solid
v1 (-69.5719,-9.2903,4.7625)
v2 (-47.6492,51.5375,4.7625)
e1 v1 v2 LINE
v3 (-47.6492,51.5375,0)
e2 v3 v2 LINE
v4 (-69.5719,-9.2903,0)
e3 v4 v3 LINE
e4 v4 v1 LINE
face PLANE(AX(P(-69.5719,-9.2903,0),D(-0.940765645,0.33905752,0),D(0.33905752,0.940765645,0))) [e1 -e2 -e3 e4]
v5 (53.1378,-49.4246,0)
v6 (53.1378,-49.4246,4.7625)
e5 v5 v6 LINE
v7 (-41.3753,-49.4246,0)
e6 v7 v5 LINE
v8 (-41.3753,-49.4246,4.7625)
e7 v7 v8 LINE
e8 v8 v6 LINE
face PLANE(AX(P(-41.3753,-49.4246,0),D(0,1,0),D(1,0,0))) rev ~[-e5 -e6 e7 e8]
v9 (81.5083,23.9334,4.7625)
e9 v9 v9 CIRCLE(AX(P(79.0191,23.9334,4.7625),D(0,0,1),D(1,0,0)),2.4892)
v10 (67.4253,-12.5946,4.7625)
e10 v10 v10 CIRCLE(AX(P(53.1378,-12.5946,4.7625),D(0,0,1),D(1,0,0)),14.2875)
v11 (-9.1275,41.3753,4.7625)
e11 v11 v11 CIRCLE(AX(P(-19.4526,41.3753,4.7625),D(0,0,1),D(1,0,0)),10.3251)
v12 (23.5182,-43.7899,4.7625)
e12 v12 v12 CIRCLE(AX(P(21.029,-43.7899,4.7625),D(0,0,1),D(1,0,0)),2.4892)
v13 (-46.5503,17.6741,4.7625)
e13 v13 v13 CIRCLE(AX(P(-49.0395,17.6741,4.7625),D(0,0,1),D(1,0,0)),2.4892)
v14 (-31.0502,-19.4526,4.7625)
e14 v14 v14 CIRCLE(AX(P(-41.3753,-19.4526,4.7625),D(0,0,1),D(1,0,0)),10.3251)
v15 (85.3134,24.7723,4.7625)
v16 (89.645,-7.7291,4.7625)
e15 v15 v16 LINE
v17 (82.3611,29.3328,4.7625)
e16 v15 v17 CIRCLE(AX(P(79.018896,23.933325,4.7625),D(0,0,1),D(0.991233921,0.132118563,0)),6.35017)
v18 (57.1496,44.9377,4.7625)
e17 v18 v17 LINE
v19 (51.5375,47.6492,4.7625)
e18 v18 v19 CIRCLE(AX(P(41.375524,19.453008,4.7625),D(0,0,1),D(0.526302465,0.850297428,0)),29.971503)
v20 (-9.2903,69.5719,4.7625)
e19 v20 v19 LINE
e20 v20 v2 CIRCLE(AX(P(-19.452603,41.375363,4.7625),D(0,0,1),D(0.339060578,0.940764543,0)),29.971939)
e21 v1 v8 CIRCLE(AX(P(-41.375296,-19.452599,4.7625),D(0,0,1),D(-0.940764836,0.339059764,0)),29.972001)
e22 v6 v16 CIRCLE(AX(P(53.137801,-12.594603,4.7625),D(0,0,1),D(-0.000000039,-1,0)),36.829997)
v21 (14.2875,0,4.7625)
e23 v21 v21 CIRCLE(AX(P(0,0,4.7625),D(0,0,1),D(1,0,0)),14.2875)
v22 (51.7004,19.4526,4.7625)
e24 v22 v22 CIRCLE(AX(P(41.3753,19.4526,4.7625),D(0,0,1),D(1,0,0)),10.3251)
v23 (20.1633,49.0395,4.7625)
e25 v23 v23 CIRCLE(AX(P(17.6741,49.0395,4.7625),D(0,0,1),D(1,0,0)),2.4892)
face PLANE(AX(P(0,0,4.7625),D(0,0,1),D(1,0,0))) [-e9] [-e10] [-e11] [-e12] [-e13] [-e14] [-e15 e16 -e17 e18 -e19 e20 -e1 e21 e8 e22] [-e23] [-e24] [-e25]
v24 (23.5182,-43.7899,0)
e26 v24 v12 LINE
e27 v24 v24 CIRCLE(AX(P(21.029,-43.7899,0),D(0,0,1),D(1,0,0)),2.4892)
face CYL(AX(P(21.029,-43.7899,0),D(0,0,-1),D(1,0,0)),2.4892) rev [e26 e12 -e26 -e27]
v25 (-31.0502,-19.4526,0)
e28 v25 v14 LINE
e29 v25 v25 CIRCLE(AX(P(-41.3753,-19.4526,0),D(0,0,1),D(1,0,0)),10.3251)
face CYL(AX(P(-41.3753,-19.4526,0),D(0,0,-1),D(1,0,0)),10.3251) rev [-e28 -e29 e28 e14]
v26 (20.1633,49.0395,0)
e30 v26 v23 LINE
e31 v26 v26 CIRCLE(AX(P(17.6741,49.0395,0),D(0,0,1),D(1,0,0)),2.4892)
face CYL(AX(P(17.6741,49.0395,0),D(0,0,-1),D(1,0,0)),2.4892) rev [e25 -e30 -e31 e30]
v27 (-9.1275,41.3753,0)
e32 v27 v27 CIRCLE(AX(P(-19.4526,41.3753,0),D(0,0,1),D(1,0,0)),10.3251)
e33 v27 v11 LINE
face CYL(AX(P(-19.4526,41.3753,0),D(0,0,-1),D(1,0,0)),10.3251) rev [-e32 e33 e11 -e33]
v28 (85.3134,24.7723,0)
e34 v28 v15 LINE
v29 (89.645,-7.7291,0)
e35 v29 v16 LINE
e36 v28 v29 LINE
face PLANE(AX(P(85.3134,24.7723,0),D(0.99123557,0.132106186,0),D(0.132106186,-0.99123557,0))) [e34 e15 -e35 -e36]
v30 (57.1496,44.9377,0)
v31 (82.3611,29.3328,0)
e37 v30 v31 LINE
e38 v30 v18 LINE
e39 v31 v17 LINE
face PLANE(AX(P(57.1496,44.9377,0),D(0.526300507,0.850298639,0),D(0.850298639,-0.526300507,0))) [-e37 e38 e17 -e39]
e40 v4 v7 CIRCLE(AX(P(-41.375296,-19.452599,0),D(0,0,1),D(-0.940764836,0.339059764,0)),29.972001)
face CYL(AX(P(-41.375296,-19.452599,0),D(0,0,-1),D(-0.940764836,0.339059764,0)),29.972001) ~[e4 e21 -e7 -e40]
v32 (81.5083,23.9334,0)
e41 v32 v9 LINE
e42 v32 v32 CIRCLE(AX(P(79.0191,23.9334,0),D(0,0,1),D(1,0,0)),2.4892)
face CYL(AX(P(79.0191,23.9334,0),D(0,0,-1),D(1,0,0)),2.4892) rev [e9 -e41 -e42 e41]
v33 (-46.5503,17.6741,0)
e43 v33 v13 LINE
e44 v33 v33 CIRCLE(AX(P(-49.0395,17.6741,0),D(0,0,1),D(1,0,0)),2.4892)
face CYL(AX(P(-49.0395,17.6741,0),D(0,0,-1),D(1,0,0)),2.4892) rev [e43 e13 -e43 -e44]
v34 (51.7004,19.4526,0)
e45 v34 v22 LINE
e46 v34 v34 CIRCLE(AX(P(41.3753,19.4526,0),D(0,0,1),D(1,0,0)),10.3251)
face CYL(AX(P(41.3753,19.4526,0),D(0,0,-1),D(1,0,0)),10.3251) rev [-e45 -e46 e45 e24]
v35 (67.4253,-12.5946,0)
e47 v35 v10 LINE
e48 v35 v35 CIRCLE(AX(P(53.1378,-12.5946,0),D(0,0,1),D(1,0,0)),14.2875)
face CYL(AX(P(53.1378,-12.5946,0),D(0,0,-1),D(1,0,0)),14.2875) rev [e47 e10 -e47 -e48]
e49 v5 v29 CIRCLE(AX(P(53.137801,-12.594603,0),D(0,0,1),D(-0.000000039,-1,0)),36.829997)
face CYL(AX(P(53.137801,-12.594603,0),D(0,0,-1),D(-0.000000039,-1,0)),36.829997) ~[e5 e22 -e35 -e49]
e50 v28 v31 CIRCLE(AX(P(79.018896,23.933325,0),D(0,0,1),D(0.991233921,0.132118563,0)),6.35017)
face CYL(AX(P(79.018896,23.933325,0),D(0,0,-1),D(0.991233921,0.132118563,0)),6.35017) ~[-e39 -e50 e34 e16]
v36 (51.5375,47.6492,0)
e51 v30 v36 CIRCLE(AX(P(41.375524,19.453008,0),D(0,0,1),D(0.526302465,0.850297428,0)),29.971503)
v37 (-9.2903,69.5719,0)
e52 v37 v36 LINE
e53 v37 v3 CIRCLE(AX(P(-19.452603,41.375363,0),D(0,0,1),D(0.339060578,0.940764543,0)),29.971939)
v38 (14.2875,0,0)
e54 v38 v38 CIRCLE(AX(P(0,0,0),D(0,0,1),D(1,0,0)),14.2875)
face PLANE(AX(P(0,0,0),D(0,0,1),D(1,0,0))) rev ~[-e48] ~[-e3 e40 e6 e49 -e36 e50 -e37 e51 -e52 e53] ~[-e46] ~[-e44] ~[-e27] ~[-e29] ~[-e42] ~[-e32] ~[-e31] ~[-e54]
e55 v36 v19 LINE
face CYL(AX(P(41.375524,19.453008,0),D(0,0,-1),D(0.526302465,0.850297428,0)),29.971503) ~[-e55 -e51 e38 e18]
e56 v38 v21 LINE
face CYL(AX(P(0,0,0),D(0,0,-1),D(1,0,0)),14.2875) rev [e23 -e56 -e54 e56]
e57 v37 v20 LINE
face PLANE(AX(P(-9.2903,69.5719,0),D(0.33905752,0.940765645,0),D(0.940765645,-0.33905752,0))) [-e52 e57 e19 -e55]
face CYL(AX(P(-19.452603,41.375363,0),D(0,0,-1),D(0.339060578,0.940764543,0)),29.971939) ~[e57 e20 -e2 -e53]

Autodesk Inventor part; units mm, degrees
ref_plane "YZ Plane" through (0, 0, 0) normal (1, 0, 0) x (0, 1, 0)
ref_plane "XZ Plane" through (0, 0, 0) normal (0, 1, 0) x (-1, 0, 0)
ref_plane "XY Plane" through (0, 0, 0) normal (0, 0, 1) x (1, 0, 0)
sketch "Sketch1" plane through (0, 0, 0) normal (0, 0, 1) x (1, 0, 0)
  circle A0 centre (0, 0) radius 38.1 construction
  circle A1 centre (-41.3753, -19.4526) radius 7.62 construction
  circle A2 centre (-19.4526, 41.3753) radius 7.62 construction
  circle A3 centre (41.3753, 19.4526) radius 7.62 construction
  circle A4 centre (-41.3753, -19.4526) radius 29.972 construction
  circle A5 centre (-19.4526, 41.3753) radius 29.972 construction
  circle A6 centre (41.3753, 19.4526) radius 29.972 construction
  line L0 (-31.2131, 8.7441) -> (-29.6148, 13.1787) construction
  line L1 (8.7441, 31.2131) -> (13.1787, 29.6148) construction
  circle A7 centre (0, 0) radius 19.05 construction
  circle A8 centre (53.1378, -12.5946) radius 35.56 construction
  circle A9 centre (53.1378, -12.5946) radius 14.2875
  circle A10 centre (41.3753, 19.4526) radius 10.3251
  line L2 (44.9329, 9.7597) -> (48.2149, 0.818) construction
  circle A11 centre (53.1378, -12.5946) radius 36.83 construction
  line L3 (-41.3753, -49.4246) -> (53.1378, -49.4246)
  circle A12 centre (-19.4526, 41.3753) radius 10.3251
  circle A13 centre (-41.3753, -19.4526) radius 10.3251
  circle A14 centre (21.029, -43.7899) radius 6.35 construction
  circle A15 centre (0, 0) radius 40.64 construction
  line L4 (-7.2269, -37.4083) -> (-7.7087, -39.9022) construction
  circle A16 centre (21.029, -43.7899) radius 2.4892
  line L5 (18.2801, -38.0657) -> (17.5929, -36.6347) construction
  line L6 (25.5834, -39.365) -> (26.722, -38.2588) construction
  circle A17 centre (-49.0395, 17.6741) radius 6.35 construction
  circle A18 centre (-49.0395, 17.6741) radius 2.4892
  circle A19 centre (17.6741, 49.0395) radius 6.35 construction
  circle A20 centre (17.6741, 49.0395) radius 2.4892
  circle A21 centre (79.0191, 23.9334) radius 2.4892
  circle A22 centre (79.0191, 23.9334) radius 6.35 construction
  line L7 (-47.7557, 11.4552) -> (-47.4347, 9.9005) construction
  line L8 (-44.0835, 21.6442) -> (-42.8445, 22.6367) construction
  line L9 (11.4552, 47.7557) -> (9.9005, 47.4347) construction
  line L10 (21.6442, 44.0835) -> (22.6367, 42.8445) construction
  line L11 (72.7136, 23.1828) -> (71.1372, 22.9952) construction
  line L12 (75.348, 18.7521) -> (74.4302, 17.4568) construction
  line L13 (-69.5719, -9.2903) -> (-47.6492, 51.5375)
  arc A23 (-69.5719, -9.2903) -> (-41.3753, -49.4246) centre (-41.3753, -19.4526) ccw
  line L14 (-9.2903, 69.5719) -> (51.5375, 47.6492)
  arc A24 (-9.2903, 69.5719) -> (-47.6492, 51.5375) centre (-19.4526, 41.3753) ccw
  line L15 (57.1496, 44.9377) -> (82.3611, 29.3328)
  line L16 (85.3134, 24.7723) -> (89.645, -7.7291)
  arc A25 (57.1496, 44.9377) -> (51.5375, 47.6492) centre (41.3753, 19.4526) ccw
  arc A26 (85.3134, 24.7723) -> (82.3611, 29.3328) centre (79.0191, 23.9334) ccw
  arc A27 (53.1378, -49.4246) -> (89.645, -7.7291) centre (53.1378, -12.5946) ccw
  circle A28 centre (0, 0) radius 14.2875
  dimension "d0" = 76.2
  dimension "d5" = 28.575
  dimension "d6" = 20.6502
  dimension "d1" = 15.24
  dimension "d2" = 59.944
  dimension "d3" = 38.1
  dimension "d4" = 71.12
  dimension "d8" = 9.525
  dimension "d9" = 73.66
  dimension "d10" = 2.54
  dimension "d12" = 12.7
  dimension "d13" = 4.9784
  dimension "d14" = 1.5875
  dimension "d15" = 12.7
  dimension "d16" = 4.9784
  dimension "d17" = 12.7
  dimension "d18" = 4.9784
  dimension "d19" = 12.7
  dimension "d20" = 4.9784
  dimension "d21" = 1.5875
  dimension "d22" = 1.5875
  dimension "d23" = 1.5875
  dimension "d24" = 1.5875
extrude "Extrusion1" add sketch "Sketch1" along normal blind 4.7625
properties part number "bottomplate_gearbox4" material "Aluminum 6061"
